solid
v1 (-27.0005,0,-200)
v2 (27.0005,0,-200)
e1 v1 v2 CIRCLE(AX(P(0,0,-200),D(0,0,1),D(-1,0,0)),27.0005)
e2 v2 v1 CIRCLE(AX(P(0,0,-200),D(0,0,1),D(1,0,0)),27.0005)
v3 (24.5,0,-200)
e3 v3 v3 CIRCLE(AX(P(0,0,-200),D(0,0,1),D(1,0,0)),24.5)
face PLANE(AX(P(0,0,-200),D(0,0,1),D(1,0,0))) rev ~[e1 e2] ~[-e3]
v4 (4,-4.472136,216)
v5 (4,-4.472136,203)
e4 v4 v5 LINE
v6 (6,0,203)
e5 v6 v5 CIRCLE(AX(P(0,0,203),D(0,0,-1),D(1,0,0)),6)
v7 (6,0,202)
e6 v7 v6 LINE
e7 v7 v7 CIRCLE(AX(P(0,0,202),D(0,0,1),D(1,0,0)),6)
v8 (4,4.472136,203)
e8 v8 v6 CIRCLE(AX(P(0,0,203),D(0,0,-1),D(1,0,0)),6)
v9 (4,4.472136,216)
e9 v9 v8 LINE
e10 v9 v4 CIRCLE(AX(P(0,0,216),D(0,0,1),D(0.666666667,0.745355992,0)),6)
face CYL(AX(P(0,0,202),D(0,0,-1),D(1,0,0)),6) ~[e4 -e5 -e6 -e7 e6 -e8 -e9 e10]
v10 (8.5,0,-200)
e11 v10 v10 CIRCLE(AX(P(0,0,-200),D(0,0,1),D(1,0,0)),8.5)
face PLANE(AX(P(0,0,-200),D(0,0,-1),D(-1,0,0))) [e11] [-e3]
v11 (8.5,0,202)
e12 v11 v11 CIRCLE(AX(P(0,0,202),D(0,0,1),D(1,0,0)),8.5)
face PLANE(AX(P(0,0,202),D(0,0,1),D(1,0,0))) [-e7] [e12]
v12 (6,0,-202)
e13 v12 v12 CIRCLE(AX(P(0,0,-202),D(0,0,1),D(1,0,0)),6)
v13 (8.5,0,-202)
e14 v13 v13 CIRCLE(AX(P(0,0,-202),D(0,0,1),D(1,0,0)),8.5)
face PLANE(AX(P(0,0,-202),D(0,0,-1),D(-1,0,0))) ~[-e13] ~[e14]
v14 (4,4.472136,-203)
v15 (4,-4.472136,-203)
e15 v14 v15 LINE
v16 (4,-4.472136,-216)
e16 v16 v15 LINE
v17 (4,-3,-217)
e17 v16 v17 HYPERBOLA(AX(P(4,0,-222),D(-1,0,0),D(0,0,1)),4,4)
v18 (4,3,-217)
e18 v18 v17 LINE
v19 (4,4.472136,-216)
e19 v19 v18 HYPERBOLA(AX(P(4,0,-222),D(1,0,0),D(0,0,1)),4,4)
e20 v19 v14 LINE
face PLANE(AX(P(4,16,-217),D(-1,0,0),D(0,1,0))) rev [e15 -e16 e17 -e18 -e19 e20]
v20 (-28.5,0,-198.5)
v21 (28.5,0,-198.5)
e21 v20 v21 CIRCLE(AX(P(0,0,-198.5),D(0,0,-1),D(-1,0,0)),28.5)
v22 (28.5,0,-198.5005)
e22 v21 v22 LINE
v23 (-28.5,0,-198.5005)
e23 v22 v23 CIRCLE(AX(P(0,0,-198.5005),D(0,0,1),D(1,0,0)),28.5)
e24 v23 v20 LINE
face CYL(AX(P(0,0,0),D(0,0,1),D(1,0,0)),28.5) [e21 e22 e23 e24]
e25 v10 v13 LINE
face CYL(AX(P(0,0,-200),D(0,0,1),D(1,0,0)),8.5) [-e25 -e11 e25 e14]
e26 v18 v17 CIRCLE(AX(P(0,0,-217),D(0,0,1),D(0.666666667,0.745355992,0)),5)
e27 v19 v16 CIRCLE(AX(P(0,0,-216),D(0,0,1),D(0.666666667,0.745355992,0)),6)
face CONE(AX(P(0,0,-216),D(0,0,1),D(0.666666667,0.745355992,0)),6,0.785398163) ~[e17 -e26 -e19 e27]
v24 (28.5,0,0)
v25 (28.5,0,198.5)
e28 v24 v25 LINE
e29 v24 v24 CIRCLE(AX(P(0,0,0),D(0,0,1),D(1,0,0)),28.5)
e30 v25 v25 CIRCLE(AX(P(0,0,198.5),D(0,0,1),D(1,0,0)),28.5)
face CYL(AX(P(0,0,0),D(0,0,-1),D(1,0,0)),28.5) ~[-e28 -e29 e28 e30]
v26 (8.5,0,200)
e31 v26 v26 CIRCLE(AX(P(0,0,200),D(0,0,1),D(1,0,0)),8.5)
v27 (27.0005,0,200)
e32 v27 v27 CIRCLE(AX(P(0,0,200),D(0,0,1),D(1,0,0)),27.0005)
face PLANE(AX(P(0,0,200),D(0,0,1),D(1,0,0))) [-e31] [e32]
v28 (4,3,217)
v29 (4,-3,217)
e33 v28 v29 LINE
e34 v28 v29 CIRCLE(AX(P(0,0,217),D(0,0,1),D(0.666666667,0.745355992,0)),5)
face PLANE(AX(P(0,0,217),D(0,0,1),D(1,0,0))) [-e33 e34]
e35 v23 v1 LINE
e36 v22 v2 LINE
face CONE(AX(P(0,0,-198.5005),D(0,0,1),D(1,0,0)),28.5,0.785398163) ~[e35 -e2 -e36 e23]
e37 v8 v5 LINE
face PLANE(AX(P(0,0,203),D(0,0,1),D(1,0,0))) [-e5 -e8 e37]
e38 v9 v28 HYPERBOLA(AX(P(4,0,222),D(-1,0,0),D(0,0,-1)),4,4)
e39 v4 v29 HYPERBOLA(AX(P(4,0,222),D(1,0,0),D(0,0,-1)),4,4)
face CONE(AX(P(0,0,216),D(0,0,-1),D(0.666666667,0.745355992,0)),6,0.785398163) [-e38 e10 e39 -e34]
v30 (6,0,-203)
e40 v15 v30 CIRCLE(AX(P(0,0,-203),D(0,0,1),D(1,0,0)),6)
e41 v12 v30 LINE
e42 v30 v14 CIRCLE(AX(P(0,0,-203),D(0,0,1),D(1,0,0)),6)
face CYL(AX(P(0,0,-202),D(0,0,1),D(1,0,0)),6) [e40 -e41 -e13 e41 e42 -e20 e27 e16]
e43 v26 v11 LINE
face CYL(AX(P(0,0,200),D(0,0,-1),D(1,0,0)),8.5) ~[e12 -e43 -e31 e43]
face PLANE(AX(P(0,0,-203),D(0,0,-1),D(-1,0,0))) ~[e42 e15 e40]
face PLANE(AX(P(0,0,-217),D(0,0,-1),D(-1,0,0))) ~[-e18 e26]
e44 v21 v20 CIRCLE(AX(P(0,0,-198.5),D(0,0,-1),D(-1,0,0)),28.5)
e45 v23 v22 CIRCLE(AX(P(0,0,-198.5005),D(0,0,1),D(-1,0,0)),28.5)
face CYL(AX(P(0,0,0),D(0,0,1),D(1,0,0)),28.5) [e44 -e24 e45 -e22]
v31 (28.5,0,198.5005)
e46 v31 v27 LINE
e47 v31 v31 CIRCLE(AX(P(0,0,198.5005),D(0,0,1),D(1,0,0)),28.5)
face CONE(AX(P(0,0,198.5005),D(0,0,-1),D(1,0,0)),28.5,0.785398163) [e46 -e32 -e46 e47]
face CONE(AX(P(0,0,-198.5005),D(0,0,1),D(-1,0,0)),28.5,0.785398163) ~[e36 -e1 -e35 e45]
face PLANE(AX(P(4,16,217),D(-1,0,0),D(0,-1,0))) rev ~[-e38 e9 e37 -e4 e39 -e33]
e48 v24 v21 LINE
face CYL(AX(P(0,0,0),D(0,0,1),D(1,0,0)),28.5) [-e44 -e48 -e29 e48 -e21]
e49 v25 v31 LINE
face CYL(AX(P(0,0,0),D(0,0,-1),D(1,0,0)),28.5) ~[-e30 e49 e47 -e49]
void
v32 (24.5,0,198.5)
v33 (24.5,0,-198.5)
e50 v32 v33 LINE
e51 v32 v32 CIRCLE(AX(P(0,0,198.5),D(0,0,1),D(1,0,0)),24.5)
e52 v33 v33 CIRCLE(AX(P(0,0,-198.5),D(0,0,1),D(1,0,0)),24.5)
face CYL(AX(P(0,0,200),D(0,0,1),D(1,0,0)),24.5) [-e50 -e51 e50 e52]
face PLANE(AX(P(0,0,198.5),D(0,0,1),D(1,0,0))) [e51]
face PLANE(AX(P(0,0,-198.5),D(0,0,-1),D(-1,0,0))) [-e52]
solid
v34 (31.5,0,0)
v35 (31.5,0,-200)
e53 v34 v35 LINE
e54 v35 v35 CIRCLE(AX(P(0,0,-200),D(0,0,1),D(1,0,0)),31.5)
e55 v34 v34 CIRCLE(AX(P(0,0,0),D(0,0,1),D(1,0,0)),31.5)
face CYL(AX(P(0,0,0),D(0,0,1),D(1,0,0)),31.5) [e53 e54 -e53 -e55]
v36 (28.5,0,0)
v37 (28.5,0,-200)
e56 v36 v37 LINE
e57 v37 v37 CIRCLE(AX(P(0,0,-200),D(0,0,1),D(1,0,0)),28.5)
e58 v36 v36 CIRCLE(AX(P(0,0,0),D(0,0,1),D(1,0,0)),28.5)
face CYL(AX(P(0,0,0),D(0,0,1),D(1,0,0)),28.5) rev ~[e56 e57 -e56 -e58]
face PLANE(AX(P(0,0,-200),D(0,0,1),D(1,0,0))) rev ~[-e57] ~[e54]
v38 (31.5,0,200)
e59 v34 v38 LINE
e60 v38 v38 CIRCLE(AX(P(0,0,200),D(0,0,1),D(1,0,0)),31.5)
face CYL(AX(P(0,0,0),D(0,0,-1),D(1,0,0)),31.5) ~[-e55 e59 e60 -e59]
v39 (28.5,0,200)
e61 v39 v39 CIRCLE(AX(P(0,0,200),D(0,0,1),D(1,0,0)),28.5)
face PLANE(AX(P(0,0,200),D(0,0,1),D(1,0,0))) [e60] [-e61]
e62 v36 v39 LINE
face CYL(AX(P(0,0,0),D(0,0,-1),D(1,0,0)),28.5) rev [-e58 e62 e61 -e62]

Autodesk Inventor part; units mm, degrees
ref_plane "YZ Plane" through (0, 0, 0) normal (1, 0, 0) x (0, 1, 0)
ref_plane "XZ Plane" through (0, 0, 0) normal (0, 1, 0) x (-1, 0, 0)
ref_plane "XY Plane" through (0, 0, 0) normal (0, 0, 1) x (1, 0, 0)
sketch "스케치9" plane through (0, 0, 0) normal (0, 0, 1) x (1, 0, 0)
  circle A0 centre (0, 0) radius 28.5
  dimension "d40" = 57
extrude "돌출4" add sketch "스케치9" along normal mid plane 400
sketch "스케치10" plane through (0, 0, 200) normal (0, 0, 1) x (1, 0, 0)
  circle A0 centre (0, 0) radius 28.5 construction
  circle A1 centre (0, 0) radius 24.5
  dimension "d43" = 4
extrude "돌출5" cut sketch "스케치10" against normal through all
sketch "스케치11" plane through (0, 0, 200) normal (0, 0, 1) x (1, 0, 0)
  circle A0 centre (0, 0) radius 28.5 construction
  circle A1 centre (0, 0) radius 28.5
extrude "돌출6" add sketch "스케치11" against normal blind 1.5
sketch "스케치12" plane through (0, 0, -200) normal (0, 0, -1) x (-1, 0, 0)
  circle A0 centre (0, 0) radius 28.5 construction
  circle A1 centre (0, 0) radius 28.5
extrude "돌출7" add sketch "스케치12" against normal blind 1.5
chamfer "모따기1" distance 1.5 angle 45 3 edges at (0, -28.5, -200) (0, 28.5, -200) (-28.5, 0, 200)
sketch "스케치13" plane through (0, 0, 200) normal (0, 0, 1) x (1, 0, 0)
  circle A0 centre (0, 0) radius 27 construction
  circle A1 centre (0, 0) radius 8.5
  dimension "d53" = 17
extrude "돌출8" add sketch "스케치13" along normal blind 2
sketch "스케치14" plane through (0, 0, 202) normal (0, 0, 1) x (1, 0, 0)
  circle A0 centre (0, 0) radius 8.5 construction
  circle A1 centre (0, 0) radius 6
  dimension "d56" = 12
extrude "돌출9" add sketch "스케치14" along normal blind 15
sketch "스케치15" plane through (0, 0, 217) normal (0, 0, 1) x (1, 0, 0)
  circle A0 centre (0, 0) radius 6 construction
  line L0 (39, 16) -> (4, 16)
  line L1 (4, 16) -> (4, -15)
  line L2 (4, -15) -> (39, -15)
  line L3 (39, -15) -> (39, 16)
  dimension "d59" = 4
extrude "돌출10" cut sketch "스케치15" against normal blind 14
chamfer "모따기2" distance 1 angle 45 1 edges at (-6, 0, 217)
mirror "미러1" about plane through (0, 0, 0) normal (0, 0, 1) of "돌출8", "돌출9", "돌출10", "모따기2"
sketch "스케치16" plane through (0, 0, 0) normal (0, 0, 1) x (1, 0, 0)
  circle A0 centre (0, 0) radius 6 construction
  circle A1 centre (0, 0) radius 31.5
  circle A2 centre (0, 0) radius 28.5 projected
  dimension "d65" = 63
extrude "돌출11" add sketch "스케치16" along normal mid plane 400 separate body
properties part number "FREE ROLLER" material "SS400"
